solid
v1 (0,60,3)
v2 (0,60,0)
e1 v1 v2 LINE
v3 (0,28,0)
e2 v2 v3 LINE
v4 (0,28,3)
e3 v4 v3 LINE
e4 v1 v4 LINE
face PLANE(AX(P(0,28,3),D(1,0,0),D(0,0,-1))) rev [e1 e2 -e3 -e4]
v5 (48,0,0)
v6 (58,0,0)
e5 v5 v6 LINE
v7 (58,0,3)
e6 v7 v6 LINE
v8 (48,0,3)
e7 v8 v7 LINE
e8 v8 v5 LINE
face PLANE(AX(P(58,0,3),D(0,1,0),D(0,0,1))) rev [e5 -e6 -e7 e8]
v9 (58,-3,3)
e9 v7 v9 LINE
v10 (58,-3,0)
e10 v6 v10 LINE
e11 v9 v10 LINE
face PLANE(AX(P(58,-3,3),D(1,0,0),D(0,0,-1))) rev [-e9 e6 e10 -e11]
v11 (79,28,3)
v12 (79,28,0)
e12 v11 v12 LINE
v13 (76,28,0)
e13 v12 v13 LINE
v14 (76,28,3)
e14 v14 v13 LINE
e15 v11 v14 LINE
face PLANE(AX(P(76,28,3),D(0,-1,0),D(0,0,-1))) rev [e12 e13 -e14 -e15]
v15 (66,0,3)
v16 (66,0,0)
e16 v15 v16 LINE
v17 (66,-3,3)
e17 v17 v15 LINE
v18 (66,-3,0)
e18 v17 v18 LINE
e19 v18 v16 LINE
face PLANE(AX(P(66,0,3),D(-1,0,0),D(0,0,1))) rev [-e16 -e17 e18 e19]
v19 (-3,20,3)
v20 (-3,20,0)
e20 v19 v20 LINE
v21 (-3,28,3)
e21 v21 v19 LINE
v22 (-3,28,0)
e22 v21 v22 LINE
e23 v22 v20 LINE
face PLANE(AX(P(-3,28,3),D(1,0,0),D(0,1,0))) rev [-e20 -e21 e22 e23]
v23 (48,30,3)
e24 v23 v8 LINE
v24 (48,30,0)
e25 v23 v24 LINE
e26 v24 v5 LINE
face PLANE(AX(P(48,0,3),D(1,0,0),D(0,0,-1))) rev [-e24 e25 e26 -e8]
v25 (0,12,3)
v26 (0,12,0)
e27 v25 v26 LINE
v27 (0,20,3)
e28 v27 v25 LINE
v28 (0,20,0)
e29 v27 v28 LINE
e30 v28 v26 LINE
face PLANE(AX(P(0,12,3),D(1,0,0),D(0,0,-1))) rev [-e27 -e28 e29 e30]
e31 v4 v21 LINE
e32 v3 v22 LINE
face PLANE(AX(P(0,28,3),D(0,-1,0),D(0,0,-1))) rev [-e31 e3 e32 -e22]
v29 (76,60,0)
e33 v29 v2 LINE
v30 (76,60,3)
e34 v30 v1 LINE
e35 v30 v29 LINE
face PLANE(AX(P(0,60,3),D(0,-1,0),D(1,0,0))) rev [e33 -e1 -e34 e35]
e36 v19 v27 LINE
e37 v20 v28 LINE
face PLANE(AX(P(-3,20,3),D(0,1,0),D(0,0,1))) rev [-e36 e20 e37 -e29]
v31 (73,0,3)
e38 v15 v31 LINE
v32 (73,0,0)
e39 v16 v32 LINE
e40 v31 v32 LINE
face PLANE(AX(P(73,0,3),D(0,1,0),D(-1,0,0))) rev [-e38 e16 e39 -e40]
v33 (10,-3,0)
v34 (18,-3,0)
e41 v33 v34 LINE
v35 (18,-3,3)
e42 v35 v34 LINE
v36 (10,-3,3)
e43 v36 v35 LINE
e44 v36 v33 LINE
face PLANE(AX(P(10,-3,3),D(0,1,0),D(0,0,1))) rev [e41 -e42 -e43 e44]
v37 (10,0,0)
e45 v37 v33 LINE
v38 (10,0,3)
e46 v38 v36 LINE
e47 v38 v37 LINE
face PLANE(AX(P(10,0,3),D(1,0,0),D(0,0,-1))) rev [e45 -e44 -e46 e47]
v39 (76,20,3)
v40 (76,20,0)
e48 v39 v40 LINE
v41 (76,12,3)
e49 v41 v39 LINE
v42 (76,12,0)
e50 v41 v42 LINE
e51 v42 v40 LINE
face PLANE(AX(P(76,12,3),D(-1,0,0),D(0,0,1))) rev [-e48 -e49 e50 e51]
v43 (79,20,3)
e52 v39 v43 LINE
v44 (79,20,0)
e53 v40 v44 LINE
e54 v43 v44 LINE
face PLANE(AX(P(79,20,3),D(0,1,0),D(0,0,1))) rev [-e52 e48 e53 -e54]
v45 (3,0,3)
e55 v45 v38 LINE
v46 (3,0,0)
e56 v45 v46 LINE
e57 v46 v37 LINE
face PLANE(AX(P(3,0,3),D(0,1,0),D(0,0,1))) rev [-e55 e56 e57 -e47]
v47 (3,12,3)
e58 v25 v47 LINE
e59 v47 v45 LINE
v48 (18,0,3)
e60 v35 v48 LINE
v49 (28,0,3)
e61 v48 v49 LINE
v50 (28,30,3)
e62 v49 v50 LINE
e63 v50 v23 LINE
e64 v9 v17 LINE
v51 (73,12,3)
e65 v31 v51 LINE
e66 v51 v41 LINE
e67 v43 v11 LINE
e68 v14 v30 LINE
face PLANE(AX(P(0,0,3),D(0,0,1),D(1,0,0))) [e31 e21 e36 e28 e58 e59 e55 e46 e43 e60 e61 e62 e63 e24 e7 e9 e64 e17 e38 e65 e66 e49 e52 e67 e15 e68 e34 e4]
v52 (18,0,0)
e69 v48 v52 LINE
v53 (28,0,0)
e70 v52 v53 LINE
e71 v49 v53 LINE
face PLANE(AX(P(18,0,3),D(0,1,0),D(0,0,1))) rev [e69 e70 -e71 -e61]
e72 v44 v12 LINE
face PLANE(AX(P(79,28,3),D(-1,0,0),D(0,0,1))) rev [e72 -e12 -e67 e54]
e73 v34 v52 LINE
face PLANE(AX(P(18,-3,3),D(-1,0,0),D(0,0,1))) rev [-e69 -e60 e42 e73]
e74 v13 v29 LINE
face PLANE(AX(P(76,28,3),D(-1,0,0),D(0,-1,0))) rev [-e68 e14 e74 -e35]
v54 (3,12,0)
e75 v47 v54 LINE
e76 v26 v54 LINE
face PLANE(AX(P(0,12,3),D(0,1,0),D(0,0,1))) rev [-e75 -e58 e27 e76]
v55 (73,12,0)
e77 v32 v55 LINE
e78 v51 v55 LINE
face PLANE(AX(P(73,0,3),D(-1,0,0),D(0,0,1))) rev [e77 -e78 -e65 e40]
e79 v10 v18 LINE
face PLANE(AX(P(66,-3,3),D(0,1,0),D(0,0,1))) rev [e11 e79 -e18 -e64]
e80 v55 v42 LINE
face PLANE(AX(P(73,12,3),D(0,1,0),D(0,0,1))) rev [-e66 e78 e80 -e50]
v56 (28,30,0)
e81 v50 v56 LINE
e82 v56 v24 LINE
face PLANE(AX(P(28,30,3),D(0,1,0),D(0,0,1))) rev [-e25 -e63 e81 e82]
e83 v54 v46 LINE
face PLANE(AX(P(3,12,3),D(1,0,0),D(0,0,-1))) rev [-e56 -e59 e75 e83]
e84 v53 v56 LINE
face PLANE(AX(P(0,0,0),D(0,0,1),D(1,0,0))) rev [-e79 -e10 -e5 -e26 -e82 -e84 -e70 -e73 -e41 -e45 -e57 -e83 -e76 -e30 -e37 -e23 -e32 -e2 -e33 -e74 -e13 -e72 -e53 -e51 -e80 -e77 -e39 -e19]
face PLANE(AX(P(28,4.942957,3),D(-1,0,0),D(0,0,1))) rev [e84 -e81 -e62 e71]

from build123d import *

# Parameters (mm, degrees)
EXTRUDE_1_DEPTH = 3


with BuildPart() as part:
    # 草图1 → 凸台-拉伸1 (new body)
    with BuildSketch(Plane.XY):
        Polygon((10, 0), (10, -3), (18, -3), (18, 0), (28, 0), (28, 4.94295662), (28, 30), (48, 30), (48, 4.94295662), (48, 0), (58, 0), (58, -3), (66, -3), (66, 0), (73, 0), (73, 12), (76, 12), (76, 20), (79, 20), (79, 28), (76, 28), (76, 60), (0, 60), (0, 28), (-3, 28), (-3, 20), (0, 20), (0, 12), (3, 12), (3, 0), align=None)
    extrude(amount=EXTRUDE_1_DEPTH)


solid = part.part
